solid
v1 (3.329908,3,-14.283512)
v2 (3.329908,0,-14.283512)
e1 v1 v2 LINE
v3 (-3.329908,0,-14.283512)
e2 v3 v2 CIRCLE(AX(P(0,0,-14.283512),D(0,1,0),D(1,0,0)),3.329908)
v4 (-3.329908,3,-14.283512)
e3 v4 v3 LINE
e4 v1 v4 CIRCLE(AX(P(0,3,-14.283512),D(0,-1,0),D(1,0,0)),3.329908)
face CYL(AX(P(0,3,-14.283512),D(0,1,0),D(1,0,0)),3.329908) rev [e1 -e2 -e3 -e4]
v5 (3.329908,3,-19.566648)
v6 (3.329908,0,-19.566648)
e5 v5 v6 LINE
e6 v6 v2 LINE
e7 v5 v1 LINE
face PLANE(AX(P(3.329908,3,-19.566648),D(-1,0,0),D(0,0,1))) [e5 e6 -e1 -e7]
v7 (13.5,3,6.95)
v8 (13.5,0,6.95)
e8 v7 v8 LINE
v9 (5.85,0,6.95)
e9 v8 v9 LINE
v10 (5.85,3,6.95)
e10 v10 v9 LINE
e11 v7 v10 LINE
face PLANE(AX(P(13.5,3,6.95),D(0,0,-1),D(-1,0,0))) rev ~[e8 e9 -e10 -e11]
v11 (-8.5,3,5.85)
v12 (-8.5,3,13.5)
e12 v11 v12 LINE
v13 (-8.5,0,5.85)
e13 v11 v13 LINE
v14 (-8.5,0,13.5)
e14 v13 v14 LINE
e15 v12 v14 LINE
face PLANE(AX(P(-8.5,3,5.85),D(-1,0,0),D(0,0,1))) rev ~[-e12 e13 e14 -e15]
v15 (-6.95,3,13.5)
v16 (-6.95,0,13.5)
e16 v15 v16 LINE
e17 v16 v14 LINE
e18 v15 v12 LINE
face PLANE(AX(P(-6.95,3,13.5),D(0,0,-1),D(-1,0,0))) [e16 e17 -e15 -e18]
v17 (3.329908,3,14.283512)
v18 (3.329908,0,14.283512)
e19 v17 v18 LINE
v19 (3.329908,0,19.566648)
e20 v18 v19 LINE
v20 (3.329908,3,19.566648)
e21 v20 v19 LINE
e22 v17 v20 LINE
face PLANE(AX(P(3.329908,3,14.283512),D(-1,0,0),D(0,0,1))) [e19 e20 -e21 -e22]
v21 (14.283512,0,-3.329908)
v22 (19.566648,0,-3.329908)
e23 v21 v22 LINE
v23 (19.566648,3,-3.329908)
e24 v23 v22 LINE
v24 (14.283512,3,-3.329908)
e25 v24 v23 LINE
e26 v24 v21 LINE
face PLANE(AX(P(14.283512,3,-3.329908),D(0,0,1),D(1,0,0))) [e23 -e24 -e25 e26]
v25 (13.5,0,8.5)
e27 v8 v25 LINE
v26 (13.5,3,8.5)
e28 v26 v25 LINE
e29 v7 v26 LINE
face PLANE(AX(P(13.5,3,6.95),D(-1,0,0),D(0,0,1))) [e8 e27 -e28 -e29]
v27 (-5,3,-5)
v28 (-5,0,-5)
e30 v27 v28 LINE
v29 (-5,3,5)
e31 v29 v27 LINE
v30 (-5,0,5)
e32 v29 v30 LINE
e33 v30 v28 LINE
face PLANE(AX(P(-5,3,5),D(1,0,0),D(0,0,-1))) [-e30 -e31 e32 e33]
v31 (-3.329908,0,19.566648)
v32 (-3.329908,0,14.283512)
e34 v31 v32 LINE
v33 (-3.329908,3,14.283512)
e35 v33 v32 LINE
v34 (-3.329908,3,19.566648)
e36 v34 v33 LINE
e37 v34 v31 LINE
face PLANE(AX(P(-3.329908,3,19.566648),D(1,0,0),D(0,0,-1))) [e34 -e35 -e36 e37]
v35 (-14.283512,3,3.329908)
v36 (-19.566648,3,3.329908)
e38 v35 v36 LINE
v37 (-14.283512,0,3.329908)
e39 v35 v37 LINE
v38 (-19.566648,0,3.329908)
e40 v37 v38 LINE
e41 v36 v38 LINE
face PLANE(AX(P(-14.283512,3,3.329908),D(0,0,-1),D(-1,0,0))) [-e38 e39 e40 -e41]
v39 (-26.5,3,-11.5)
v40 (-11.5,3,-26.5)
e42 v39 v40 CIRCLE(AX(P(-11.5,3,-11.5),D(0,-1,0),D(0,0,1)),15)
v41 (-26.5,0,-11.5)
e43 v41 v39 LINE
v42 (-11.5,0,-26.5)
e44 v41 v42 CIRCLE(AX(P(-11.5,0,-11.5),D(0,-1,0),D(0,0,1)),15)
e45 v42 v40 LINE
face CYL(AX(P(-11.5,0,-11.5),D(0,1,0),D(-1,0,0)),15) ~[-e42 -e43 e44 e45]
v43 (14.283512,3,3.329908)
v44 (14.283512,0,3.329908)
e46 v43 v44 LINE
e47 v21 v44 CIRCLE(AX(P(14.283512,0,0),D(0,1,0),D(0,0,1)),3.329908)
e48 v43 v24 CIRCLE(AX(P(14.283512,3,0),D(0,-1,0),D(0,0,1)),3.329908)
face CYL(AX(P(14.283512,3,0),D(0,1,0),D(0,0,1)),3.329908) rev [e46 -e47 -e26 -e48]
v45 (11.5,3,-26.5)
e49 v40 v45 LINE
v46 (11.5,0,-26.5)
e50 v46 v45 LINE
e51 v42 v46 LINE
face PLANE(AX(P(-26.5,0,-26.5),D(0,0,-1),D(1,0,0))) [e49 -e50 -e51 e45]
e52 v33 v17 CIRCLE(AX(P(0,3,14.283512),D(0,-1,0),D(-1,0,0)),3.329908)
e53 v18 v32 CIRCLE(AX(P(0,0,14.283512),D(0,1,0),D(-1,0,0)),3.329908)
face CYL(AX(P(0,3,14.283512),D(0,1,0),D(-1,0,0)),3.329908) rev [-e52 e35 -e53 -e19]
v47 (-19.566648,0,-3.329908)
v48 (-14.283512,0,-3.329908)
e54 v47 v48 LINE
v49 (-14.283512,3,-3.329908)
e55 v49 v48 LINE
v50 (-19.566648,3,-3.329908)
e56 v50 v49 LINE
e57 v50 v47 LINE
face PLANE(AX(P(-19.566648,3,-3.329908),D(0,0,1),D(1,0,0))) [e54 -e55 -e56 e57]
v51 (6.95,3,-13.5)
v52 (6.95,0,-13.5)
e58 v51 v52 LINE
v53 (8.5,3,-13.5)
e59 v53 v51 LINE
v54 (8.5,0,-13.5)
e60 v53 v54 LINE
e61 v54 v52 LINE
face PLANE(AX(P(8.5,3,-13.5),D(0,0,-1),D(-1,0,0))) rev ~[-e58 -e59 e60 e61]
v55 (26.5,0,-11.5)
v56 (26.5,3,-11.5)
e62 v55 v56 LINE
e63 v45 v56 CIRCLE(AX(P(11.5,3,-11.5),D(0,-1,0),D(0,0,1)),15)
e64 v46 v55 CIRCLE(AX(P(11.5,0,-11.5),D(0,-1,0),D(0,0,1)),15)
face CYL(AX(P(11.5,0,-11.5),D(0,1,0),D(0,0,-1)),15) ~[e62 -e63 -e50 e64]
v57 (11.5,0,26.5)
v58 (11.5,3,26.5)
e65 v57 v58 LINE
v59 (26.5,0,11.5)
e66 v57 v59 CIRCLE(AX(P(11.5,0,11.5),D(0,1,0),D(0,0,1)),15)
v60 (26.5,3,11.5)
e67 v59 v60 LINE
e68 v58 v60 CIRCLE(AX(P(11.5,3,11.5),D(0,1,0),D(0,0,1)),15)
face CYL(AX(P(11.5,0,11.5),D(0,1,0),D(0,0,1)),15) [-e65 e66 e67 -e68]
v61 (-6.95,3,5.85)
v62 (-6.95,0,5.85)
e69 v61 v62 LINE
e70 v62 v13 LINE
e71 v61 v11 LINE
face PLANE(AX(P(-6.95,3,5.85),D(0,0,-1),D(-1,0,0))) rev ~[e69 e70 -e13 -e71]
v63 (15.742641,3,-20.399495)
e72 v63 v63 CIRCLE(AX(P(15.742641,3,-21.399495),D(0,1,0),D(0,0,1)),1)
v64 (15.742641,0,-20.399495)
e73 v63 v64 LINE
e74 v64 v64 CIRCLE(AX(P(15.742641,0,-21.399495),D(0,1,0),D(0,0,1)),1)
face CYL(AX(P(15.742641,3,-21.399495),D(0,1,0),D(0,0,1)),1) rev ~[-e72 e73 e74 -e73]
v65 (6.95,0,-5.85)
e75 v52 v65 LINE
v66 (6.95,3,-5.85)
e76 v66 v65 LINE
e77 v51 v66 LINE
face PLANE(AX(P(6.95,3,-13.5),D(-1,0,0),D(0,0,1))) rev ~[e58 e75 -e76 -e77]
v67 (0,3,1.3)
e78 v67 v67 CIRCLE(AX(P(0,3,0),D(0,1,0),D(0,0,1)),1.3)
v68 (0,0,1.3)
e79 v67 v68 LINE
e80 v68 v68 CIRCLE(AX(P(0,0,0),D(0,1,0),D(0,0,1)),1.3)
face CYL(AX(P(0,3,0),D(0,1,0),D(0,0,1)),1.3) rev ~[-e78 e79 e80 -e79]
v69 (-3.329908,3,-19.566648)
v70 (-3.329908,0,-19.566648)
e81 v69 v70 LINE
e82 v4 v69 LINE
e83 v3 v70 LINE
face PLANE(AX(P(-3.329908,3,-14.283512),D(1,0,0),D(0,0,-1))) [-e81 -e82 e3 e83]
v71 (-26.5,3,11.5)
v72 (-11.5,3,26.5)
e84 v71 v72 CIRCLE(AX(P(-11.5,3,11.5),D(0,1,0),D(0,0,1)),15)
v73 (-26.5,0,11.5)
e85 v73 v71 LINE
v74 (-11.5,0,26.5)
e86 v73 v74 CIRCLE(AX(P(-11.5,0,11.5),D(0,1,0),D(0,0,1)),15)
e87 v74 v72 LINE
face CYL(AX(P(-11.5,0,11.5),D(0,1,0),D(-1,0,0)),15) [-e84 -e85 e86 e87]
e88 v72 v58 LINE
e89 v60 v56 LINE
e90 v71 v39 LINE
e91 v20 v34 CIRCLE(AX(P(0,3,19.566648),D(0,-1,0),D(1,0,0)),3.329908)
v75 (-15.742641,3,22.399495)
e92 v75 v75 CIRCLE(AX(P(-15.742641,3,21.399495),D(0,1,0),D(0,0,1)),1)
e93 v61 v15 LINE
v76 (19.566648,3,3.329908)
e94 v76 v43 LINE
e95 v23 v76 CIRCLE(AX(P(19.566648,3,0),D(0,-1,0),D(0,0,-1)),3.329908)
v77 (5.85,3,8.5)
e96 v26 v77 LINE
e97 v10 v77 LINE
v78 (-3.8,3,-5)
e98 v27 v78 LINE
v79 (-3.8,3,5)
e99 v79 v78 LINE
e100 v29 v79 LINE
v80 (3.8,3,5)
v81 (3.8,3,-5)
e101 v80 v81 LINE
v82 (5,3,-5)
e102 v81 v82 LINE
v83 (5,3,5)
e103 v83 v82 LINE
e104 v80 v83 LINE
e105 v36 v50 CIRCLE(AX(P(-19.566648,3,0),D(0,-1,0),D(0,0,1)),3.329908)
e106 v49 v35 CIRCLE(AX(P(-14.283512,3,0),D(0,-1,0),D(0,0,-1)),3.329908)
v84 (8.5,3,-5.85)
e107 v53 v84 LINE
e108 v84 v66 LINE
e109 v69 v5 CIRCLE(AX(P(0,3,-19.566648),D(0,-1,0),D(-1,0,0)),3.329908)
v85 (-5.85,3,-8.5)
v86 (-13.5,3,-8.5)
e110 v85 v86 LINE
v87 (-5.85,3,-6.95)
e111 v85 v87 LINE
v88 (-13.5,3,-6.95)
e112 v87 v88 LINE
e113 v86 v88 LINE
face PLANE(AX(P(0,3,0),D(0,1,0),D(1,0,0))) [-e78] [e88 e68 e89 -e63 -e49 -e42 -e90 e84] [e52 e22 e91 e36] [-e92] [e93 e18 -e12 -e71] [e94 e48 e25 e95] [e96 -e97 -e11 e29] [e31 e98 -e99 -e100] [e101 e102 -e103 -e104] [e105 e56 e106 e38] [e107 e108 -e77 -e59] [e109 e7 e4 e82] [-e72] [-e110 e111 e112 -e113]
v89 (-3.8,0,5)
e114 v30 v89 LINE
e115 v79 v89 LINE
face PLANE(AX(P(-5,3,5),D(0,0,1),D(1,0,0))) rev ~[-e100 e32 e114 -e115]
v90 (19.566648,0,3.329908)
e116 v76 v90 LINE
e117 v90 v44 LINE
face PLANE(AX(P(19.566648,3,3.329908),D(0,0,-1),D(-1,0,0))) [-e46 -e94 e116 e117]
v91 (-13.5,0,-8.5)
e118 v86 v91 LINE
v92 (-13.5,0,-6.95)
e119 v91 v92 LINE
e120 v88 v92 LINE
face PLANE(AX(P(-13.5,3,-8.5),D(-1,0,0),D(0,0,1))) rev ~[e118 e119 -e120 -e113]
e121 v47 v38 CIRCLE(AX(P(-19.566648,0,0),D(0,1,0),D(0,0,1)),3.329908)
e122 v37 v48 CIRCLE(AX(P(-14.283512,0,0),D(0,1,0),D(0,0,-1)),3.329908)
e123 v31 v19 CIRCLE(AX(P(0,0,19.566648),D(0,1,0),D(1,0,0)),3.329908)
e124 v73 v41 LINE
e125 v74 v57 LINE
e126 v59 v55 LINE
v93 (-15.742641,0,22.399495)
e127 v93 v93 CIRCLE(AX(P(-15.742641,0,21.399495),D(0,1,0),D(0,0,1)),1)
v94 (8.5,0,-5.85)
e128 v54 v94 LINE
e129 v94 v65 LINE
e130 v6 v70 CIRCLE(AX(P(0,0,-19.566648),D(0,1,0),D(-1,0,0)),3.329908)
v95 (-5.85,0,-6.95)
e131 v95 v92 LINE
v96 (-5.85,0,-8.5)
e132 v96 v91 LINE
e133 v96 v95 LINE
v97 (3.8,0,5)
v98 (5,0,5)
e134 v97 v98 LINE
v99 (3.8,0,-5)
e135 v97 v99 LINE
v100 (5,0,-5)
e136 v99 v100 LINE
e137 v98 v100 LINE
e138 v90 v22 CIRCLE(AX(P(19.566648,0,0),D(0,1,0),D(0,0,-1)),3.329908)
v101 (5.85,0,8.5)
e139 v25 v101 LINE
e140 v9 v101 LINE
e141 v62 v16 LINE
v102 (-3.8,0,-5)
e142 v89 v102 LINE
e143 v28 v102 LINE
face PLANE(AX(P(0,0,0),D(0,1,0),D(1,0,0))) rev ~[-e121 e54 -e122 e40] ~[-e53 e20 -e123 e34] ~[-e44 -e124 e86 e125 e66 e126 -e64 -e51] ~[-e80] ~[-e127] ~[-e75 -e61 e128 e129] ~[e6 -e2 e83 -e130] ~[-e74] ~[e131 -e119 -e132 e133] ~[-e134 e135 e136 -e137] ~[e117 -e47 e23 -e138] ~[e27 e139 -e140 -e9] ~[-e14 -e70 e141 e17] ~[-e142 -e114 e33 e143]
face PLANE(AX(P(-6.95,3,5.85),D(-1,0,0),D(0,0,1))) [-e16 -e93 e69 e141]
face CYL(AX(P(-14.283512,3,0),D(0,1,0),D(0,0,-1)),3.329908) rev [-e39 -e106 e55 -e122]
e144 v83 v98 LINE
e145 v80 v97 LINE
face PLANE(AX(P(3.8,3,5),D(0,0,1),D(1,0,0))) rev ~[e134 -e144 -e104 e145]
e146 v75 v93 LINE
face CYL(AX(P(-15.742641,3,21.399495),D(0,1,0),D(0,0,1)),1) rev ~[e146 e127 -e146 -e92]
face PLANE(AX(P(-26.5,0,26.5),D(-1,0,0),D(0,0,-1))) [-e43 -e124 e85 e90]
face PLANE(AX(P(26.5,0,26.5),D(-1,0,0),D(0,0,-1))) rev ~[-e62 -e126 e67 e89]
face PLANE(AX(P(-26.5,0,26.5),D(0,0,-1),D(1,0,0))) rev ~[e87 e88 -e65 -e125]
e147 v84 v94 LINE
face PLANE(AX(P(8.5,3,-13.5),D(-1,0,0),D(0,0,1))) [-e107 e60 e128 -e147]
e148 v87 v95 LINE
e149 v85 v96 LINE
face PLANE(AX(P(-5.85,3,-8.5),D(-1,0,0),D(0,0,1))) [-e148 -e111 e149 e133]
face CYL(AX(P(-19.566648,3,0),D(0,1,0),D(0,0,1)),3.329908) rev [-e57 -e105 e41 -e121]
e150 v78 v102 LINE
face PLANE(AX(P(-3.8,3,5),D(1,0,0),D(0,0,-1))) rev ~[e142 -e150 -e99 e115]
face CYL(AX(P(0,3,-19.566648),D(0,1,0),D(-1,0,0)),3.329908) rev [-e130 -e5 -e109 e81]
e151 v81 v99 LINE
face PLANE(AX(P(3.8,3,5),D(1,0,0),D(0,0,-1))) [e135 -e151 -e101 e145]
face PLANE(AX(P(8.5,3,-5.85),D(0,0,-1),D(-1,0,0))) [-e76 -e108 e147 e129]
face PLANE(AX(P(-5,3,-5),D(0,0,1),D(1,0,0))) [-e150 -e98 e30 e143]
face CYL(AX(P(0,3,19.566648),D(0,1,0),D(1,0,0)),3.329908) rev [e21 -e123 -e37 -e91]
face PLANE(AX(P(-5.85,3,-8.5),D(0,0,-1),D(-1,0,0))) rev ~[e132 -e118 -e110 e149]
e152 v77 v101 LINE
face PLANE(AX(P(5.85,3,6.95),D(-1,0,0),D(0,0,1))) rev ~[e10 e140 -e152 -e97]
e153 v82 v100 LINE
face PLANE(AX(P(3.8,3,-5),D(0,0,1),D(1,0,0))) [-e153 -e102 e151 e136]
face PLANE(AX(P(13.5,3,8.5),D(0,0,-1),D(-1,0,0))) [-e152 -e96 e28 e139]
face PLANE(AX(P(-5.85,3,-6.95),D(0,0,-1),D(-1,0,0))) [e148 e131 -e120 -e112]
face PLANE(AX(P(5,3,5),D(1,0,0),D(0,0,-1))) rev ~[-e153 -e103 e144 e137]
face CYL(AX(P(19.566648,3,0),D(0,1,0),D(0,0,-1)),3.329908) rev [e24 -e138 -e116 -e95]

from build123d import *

# Parameters (mm, degrees)
ESBO_O1_W                = 53
ESBO_O1_H                = 53
RESSALTO_EXTRUS_O1_DEPTH = 3
ESBO_O3_R                = 1.3
ESBO_O3_W                = 1.2
ESBO_O3_H                = 10
CORTE_EXTRUS_O1_DEPTH    = 38.596542394
ESBO_O4_W                = 1.55
ESBO_O4_H                = 7.65
ESBO_O4_W_2              = 7.65
ESBO_O4_H_2              = 1.55
CORTE_EXTRUS_O2_DEPTH    = 10
FILETE1_R                = 15
ESBO_O5_R                = 1
CORTE_EXTRUS_O3_DEPTH    = 38.596542394


with BuildPart() as part:
    # Esboço1 → Ressalto-extrusão1 (new body)
    with BuildSketch(Plane(origin=(0, 0, 0), x_dir=(1, 0, 0), z_dir=(0, 1, 0))):
        Rectangle(ESBO_O1_W, ESBO_O1_H)
    extrude(amount=RESSALTO_EXTRUS_O1_DEPTH)

    # Esboço3 → Corte-extrusão1 (cut, through all)
    with BuildSketch(Plane(origin=(0, 3, 0), x_dir=(1, 0, 0), z_dir=(0, 1, 0))):
        with Locations(Location((0, 0, 0), (0, 0, 270))):
            Circle(ESBO_O3_R)
        with Locations((-4.4, 0)):
            Rectangle(ESBO_O3_W, ESBO_O3_H)
        with Locations((4.4, 0)):
            Rectangle(ESBO_O3_W, ESBO_O3_H)
    extrude(amount=-CORTE_EXTRUS_O1_DEPTH, mode=Mode.SUBTRACT)

    # Esboço4 → Corte-extrusão2 (cut)
    with BuildSketch(Plane(origin=(0, 3, 0), x_dir=(-1, 0, 0), z_dir=(0, 1, 0))):
        with Locations((-7.725, -9.675)):
            Rectangle(ESBO_O4_W, ESBO_O4_H)
        with Locations((-9.675, 7.725)):
            Rectangle(ESBO_O4_W_2, ESBO_O4_H_2)
        with Locations((7.725, 9.675)):
            Rectangle(ESBO_O4_W, ESBO_O4_H)
        with Locations((9.675, -7.725)):
            Rectangle(ESBO_O4_W_2, ESBO_O4_H_2)
    extrude(amount=-CORTE_EXTRUS_O2_DEPTH, mode=Mode.SUBTRACT)

    # Filete1
    filete1_edges = [part.edges().sort_by_distance(p)[0] for p in [
        (26.5, 1.5, 26.5),
        (-26.5, 1.5, 26.5),
        (-26.5, 1.5, -26.5),
        (26.5, 1.5, -26.5),
    ]]
    fillet(filete1_edges, radius=FILETE1_R)

    # Esboço5 → Corte-extrusão3 (cut, through all)
    with BuildSketch(Plane(origin=(0, 3, 0), x_dir=(1, 0, 0), z_dir=(0, 1, 0))):
        with Locations(Location((-15.742640687, -21.399494937, 0), (0, 0, 270))):
            Circle(ESBO_O5_R)
        with Locations(Location((15.742640687, 21.399494937, 0), (0, 0, 270))):
            Circle(ESBO_O5_R)
        with BuildLine():
            Line((19.566648228, -3.32990767), (14.283511733, -3.32990767))
            ThreePointArc((14.283511733, -3.32990767), (10.953604064, 0), (14.283511733, 3.32990767))
            Line((14.283511733, 3.32990767), (19.566648228, 3.32990767))
            ThreePointArc((19.566648228, 3.32990767), (22.896555897, 0), (19.566648228, -3.32990767))
        make_face()
        with BuildLine():
            Line((-3.32990767, -19.566648228), (-3.32990767, -14.283511733))
            ThreePointArc((-3.32990767, -14.283511733), (0, -10.953604064), (3.32990767, -14.283511733))
            Line((3.32990767, -14.283511733), (3.32990767, -19.566648228))
            ThreePointArc((3.32990767, -19.566648228), (0, -22.896555897), (-3.32990767, -19.566648228))
        make_face()
        with BuildLine():
            Line((-19.566648228, 3.32990767), (-14.283511733, 3.32990767))
            ThreePointArc((-14.283511733, 3.32990767), (-10.953604064, 0), (-14.283511733, -3.32990767))
            Line((-14.283511733, -3.32990767), (-19.566648228, -3.32990767))
            ThreePointArc((-19.566648228, -3.32990767), (-22.896555897, 0), (-19.566648228, 3.32990767))
        make_face()
        with BuildLine():
            Line((3.32990767, 19.566648228), (3.32990767, 14.283511733))
            ThreePointArc((3.32990767, 14.283511733), (0, 10.953604064), (-3.32990767, 14.283511733))
            Line((-3.32990767, 14.283511733), (-3.32990767, 19.566648228))
            ThreePointArc((-3.32990767, 19.566648228), (0, 22.896555897), (3.32990767, 19.566648228))
        make_face()
    extrude(amount=-CORTE_EXTRUS_O3_DEPTH, mode=Mode.SUBTRACT)


solid = part.part
